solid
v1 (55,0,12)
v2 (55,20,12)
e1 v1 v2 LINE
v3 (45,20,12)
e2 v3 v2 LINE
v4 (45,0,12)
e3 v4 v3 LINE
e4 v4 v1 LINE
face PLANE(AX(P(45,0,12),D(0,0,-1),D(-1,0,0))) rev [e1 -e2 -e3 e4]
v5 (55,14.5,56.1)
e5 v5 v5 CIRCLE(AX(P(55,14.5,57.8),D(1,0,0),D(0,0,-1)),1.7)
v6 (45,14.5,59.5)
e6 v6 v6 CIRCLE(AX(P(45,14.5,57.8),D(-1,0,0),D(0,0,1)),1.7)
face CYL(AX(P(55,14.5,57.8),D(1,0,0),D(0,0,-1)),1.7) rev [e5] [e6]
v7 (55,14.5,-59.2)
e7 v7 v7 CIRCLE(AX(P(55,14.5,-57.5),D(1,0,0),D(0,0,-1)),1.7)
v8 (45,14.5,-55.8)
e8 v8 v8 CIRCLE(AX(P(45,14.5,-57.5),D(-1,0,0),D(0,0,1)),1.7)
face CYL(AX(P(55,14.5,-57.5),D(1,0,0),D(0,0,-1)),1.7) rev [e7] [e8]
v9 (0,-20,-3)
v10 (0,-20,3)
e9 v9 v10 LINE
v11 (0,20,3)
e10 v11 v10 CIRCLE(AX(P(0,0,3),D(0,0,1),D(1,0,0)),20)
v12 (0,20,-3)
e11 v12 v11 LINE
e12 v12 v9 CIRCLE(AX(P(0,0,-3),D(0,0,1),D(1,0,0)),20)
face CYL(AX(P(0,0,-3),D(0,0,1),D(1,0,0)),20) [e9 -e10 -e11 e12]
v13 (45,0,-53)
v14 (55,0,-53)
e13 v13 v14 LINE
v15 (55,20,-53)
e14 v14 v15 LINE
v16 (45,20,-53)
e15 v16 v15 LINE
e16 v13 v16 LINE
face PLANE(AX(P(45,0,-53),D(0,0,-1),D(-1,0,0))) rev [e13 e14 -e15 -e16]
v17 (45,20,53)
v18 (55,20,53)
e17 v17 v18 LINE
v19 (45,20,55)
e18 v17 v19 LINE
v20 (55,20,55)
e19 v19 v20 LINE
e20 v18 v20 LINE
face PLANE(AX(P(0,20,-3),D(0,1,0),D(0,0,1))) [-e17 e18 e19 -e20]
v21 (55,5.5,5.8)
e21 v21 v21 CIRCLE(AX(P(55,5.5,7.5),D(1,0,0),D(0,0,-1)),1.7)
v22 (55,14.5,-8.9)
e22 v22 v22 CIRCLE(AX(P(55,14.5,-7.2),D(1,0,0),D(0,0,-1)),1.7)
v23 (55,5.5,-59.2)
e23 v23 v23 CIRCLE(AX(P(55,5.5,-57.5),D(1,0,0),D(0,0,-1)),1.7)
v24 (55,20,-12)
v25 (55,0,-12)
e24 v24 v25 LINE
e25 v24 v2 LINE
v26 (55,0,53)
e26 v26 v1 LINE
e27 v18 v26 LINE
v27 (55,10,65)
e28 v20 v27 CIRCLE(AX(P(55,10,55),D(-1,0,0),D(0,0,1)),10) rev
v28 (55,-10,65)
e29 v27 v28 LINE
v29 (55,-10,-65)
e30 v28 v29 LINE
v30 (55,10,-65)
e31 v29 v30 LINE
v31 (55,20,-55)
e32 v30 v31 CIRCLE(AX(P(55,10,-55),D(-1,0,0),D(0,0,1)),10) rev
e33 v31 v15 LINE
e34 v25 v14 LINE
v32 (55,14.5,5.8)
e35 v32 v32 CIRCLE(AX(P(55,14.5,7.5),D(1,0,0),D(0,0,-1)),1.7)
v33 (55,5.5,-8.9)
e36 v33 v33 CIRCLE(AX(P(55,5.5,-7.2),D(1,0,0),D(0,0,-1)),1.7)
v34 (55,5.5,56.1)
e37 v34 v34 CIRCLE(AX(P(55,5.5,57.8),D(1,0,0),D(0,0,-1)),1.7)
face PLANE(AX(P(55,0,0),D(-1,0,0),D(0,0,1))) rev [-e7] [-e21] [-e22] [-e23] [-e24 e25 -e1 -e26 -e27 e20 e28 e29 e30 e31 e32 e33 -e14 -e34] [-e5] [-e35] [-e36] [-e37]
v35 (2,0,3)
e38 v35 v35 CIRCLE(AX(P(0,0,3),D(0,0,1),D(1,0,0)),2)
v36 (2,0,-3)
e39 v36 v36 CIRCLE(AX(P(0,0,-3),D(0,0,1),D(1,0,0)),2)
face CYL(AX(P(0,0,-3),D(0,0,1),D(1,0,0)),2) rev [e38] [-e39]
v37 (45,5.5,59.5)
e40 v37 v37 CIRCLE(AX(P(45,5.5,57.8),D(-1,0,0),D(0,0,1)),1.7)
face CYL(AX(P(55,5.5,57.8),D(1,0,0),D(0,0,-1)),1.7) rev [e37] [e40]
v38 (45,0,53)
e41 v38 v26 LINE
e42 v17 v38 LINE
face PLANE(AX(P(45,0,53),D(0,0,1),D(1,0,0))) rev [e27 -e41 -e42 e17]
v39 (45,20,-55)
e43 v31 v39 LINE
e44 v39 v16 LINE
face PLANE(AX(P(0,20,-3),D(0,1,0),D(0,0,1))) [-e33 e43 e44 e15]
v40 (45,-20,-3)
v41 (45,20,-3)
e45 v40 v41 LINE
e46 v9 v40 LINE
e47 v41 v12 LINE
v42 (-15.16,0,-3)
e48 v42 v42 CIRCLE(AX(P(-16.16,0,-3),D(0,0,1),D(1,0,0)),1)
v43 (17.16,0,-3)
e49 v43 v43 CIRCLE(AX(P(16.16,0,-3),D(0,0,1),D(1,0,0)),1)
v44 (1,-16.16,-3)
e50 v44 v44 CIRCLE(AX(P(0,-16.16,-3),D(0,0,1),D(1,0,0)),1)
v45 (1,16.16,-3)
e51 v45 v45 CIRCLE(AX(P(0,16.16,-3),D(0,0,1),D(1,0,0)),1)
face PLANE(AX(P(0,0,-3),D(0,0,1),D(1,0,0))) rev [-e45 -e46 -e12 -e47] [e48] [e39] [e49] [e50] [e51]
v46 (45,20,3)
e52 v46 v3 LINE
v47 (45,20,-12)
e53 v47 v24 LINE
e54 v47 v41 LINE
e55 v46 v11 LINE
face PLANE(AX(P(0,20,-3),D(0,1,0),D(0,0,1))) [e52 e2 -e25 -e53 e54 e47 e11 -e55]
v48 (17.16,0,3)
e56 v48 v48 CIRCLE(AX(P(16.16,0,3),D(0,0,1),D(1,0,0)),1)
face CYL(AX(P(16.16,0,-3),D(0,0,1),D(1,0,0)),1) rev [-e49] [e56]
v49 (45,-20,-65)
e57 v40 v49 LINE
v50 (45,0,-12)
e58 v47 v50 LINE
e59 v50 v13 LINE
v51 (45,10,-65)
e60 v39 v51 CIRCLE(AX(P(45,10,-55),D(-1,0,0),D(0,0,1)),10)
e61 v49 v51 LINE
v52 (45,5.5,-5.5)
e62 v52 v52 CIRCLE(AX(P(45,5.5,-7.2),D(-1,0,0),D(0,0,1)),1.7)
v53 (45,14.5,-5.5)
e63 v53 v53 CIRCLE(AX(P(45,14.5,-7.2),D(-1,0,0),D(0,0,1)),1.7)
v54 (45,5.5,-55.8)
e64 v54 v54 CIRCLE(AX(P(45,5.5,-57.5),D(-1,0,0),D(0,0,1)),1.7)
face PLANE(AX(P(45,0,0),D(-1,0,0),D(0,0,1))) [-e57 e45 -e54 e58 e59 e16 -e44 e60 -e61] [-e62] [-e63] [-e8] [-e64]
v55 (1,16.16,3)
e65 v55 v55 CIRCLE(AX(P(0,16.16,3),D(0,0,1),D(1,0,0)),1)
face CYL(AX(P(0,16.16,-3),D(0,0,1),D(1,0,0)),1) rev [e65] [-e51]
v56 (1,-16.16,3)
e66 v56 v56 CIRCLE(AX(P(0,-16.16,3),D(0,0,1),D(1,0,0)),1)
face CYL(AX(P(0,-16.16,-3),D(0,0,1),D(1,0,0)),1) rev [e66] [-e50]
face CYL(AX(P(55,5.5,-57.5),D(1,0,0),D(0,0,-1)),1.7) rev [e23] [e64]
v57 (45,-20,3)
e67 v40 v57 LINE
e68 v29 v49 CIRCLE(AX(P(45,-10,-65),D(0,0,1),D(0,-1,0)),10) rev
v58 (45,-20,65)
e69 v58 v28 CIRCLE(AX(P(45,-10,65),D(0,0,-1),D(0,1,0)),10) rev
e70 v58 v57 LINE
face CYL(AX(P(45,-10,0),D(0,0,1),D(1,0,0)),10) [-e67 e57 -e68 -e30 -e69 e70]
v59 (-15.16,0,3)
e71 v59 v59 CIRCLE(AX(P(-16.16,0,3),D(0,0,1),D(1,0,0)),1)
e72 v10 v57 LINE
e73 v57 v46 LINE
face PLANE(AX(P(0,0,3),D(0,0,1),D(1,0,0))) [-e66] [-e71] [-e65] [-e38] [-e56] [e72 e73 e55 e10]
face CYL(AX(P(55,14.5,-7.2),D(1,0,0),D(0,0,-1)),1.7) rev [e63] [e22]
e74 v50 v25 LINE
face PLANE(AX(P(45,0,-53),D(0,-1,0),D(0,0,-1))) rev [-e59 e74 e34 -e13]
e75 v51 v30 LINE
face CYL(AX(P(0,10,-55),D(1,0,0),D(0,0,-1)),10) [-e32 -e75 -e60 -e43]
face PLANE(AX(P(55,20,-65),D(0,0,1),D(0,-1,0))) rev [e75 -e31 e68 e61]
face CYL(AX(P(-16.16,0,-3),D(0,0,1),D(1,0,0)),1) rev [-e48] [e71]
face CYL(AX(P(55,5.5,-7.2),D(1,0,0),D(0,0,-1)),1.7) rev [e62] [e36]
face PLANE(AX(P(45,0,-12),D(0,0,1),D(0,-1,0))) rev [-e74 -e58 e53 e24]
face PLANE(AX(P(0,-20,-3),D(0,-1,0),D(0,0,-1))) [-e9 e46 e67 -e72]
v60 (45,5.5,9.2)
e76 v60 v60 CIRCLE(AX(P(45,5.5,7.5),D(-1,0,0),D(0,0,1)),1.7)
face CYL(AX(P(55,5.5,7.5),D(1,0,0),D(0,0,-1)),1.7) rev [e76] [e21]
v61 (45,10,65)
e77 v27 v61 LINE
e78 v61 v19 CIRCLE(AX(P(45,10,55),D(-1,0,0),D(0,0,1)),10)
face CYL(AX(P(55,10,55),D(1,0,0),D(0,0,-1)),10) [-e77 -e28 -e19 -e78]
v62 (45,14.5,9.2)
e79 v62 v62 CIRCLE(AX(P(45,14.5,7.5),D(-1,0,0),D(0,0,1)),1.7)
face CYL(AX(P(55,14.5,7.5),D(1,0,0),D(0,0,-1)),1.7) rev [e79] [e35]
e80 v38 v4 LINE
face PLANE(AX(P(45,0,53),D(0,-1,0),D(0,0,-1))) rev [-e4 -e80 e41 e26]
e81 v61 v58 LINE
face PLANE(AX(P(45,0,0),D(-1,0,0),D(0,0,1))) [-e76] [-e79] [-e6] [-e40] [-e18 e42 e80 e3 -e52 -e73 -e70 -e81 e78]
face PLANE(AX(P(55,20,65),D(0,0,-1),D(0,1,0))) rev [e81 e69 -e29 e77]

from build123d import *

# Parameters (mm, degrees)
EXTRUDE_1_DEPTH      = 3
EXTRUDE_1_DEPTH_BACK = 3
SKETCH_1_R           = 2
SKETCH_1_R_2         = 1
SKETCH_2_W           = 130
SKETCH_2_H           = 40
EXTRUDE_2_DEPTH      = 10
SKETCH_3_W           = 41
SKETCH_3_H           = 20
CUT_EXTRUDE_1_DEPTH  = 10
FILLET_1_R           = 10
HOLE_WIZARD_M3_1_D   = 3.4
FILLET_4_R           = 10


with BuildPart() as part:
    # 스케치1 → 보스-돌출1 (new, two sides: drawn at the far end of the back side and taken through both)
    with BuildSketch(Plane.XY.offset(-EXTRUDE_1_DEPTH_BACK)):
        with BuildLine():
            Line((0, 20), (45, 20))
            Line((45, 20), (45, -20))
            Line((45, -20), (0, -20))
            ThreePointArc((0, -20), (-20, 0), (0, 20))
        make_face()
        Circle(SKETCH_1_R, mode=Mode.SUBTRACT)
        with Locations((0, 16.16)):
            Circle(SKETCH_1_R_2, mode=Mode.SUBTRACT)
        with Locations((16.16, 0)):
            Circle(SKETCH_1_R_2, mode=Mode.SUBTRACT)
        with Locations((0, -16.16)):
            Circle(SKETCH_1_R_2, mode=Mode.SUBTRACT)
        with Locations((-16.16, 0)):
            Circle(SKETCH_1_R_2, mode=Mode.SUBTRACT)
    extrude(amount=EXTRUDE_1_DEPTH + EXTRUDE_1_DEPTH_BACK)

    # 스케치2 → 보스-돌출2 (add)
    with BuildSketch(Plane(origin=(45, 0, 0), x_dir=(0, 0, -1), z_dir=(1, 0, 0))):
        Rectangle(SKETCH_2_W, SKETCH_2_H)
    extrude(amount=EXTRUDE_2_DEPTH)

    # 스케치3 → 컷-돌출1 (cut)
    with BuildSketch(Plane(origin=(55, 0, 0), x_dir=(0, 0, -1), z_dir=(1, 0, 0))):
        with Locations((32.5, 10)):
            Rectangle(SKETCH_3_W, SKETCH_3_H)
        with Locations((-32.5, 10)):
            Rectangle(SKETCH_3_W, SKETCH_3_H)
    extrude(amount=-CUT_EXTRUDE_1_DEPTH, mode=Mode.SUBTRACT)

    # 필렛1
    fillet_1_edges = [part.edges().sort_by_distance(p)[0] for p in [
        (55, -20, 0),
    ]]
    fillet(fillet_1_edges, radius=FILLET_1_R)

    # M3 여유 구멍1 (through all)
    with Locations(Plane(origin=(55, 0, 0), x_dir=(0, 0, -1), z_dir=(1, 0, 0))):
        with Locations((-57.8, 14.5), (-57.8, 5.5), (-7.5, 14.5), (-7.5, 5.5), (7.2, 14.5), (7.2, 5.5), (57.5, 14.5), (57.5, 5.5)):
            Hole(HOLE_WIZARD_M3_1_D / 2)

    # 필렛4
    fillet_4_edges = [part.edges().sort_by_distance(p)[0] for p in [
        (50, 20, -65),
        (50, 20, 65),
    ]]
    fillet(fillet_4_edges, radius=FILLET_4_R)


solid = part.part
